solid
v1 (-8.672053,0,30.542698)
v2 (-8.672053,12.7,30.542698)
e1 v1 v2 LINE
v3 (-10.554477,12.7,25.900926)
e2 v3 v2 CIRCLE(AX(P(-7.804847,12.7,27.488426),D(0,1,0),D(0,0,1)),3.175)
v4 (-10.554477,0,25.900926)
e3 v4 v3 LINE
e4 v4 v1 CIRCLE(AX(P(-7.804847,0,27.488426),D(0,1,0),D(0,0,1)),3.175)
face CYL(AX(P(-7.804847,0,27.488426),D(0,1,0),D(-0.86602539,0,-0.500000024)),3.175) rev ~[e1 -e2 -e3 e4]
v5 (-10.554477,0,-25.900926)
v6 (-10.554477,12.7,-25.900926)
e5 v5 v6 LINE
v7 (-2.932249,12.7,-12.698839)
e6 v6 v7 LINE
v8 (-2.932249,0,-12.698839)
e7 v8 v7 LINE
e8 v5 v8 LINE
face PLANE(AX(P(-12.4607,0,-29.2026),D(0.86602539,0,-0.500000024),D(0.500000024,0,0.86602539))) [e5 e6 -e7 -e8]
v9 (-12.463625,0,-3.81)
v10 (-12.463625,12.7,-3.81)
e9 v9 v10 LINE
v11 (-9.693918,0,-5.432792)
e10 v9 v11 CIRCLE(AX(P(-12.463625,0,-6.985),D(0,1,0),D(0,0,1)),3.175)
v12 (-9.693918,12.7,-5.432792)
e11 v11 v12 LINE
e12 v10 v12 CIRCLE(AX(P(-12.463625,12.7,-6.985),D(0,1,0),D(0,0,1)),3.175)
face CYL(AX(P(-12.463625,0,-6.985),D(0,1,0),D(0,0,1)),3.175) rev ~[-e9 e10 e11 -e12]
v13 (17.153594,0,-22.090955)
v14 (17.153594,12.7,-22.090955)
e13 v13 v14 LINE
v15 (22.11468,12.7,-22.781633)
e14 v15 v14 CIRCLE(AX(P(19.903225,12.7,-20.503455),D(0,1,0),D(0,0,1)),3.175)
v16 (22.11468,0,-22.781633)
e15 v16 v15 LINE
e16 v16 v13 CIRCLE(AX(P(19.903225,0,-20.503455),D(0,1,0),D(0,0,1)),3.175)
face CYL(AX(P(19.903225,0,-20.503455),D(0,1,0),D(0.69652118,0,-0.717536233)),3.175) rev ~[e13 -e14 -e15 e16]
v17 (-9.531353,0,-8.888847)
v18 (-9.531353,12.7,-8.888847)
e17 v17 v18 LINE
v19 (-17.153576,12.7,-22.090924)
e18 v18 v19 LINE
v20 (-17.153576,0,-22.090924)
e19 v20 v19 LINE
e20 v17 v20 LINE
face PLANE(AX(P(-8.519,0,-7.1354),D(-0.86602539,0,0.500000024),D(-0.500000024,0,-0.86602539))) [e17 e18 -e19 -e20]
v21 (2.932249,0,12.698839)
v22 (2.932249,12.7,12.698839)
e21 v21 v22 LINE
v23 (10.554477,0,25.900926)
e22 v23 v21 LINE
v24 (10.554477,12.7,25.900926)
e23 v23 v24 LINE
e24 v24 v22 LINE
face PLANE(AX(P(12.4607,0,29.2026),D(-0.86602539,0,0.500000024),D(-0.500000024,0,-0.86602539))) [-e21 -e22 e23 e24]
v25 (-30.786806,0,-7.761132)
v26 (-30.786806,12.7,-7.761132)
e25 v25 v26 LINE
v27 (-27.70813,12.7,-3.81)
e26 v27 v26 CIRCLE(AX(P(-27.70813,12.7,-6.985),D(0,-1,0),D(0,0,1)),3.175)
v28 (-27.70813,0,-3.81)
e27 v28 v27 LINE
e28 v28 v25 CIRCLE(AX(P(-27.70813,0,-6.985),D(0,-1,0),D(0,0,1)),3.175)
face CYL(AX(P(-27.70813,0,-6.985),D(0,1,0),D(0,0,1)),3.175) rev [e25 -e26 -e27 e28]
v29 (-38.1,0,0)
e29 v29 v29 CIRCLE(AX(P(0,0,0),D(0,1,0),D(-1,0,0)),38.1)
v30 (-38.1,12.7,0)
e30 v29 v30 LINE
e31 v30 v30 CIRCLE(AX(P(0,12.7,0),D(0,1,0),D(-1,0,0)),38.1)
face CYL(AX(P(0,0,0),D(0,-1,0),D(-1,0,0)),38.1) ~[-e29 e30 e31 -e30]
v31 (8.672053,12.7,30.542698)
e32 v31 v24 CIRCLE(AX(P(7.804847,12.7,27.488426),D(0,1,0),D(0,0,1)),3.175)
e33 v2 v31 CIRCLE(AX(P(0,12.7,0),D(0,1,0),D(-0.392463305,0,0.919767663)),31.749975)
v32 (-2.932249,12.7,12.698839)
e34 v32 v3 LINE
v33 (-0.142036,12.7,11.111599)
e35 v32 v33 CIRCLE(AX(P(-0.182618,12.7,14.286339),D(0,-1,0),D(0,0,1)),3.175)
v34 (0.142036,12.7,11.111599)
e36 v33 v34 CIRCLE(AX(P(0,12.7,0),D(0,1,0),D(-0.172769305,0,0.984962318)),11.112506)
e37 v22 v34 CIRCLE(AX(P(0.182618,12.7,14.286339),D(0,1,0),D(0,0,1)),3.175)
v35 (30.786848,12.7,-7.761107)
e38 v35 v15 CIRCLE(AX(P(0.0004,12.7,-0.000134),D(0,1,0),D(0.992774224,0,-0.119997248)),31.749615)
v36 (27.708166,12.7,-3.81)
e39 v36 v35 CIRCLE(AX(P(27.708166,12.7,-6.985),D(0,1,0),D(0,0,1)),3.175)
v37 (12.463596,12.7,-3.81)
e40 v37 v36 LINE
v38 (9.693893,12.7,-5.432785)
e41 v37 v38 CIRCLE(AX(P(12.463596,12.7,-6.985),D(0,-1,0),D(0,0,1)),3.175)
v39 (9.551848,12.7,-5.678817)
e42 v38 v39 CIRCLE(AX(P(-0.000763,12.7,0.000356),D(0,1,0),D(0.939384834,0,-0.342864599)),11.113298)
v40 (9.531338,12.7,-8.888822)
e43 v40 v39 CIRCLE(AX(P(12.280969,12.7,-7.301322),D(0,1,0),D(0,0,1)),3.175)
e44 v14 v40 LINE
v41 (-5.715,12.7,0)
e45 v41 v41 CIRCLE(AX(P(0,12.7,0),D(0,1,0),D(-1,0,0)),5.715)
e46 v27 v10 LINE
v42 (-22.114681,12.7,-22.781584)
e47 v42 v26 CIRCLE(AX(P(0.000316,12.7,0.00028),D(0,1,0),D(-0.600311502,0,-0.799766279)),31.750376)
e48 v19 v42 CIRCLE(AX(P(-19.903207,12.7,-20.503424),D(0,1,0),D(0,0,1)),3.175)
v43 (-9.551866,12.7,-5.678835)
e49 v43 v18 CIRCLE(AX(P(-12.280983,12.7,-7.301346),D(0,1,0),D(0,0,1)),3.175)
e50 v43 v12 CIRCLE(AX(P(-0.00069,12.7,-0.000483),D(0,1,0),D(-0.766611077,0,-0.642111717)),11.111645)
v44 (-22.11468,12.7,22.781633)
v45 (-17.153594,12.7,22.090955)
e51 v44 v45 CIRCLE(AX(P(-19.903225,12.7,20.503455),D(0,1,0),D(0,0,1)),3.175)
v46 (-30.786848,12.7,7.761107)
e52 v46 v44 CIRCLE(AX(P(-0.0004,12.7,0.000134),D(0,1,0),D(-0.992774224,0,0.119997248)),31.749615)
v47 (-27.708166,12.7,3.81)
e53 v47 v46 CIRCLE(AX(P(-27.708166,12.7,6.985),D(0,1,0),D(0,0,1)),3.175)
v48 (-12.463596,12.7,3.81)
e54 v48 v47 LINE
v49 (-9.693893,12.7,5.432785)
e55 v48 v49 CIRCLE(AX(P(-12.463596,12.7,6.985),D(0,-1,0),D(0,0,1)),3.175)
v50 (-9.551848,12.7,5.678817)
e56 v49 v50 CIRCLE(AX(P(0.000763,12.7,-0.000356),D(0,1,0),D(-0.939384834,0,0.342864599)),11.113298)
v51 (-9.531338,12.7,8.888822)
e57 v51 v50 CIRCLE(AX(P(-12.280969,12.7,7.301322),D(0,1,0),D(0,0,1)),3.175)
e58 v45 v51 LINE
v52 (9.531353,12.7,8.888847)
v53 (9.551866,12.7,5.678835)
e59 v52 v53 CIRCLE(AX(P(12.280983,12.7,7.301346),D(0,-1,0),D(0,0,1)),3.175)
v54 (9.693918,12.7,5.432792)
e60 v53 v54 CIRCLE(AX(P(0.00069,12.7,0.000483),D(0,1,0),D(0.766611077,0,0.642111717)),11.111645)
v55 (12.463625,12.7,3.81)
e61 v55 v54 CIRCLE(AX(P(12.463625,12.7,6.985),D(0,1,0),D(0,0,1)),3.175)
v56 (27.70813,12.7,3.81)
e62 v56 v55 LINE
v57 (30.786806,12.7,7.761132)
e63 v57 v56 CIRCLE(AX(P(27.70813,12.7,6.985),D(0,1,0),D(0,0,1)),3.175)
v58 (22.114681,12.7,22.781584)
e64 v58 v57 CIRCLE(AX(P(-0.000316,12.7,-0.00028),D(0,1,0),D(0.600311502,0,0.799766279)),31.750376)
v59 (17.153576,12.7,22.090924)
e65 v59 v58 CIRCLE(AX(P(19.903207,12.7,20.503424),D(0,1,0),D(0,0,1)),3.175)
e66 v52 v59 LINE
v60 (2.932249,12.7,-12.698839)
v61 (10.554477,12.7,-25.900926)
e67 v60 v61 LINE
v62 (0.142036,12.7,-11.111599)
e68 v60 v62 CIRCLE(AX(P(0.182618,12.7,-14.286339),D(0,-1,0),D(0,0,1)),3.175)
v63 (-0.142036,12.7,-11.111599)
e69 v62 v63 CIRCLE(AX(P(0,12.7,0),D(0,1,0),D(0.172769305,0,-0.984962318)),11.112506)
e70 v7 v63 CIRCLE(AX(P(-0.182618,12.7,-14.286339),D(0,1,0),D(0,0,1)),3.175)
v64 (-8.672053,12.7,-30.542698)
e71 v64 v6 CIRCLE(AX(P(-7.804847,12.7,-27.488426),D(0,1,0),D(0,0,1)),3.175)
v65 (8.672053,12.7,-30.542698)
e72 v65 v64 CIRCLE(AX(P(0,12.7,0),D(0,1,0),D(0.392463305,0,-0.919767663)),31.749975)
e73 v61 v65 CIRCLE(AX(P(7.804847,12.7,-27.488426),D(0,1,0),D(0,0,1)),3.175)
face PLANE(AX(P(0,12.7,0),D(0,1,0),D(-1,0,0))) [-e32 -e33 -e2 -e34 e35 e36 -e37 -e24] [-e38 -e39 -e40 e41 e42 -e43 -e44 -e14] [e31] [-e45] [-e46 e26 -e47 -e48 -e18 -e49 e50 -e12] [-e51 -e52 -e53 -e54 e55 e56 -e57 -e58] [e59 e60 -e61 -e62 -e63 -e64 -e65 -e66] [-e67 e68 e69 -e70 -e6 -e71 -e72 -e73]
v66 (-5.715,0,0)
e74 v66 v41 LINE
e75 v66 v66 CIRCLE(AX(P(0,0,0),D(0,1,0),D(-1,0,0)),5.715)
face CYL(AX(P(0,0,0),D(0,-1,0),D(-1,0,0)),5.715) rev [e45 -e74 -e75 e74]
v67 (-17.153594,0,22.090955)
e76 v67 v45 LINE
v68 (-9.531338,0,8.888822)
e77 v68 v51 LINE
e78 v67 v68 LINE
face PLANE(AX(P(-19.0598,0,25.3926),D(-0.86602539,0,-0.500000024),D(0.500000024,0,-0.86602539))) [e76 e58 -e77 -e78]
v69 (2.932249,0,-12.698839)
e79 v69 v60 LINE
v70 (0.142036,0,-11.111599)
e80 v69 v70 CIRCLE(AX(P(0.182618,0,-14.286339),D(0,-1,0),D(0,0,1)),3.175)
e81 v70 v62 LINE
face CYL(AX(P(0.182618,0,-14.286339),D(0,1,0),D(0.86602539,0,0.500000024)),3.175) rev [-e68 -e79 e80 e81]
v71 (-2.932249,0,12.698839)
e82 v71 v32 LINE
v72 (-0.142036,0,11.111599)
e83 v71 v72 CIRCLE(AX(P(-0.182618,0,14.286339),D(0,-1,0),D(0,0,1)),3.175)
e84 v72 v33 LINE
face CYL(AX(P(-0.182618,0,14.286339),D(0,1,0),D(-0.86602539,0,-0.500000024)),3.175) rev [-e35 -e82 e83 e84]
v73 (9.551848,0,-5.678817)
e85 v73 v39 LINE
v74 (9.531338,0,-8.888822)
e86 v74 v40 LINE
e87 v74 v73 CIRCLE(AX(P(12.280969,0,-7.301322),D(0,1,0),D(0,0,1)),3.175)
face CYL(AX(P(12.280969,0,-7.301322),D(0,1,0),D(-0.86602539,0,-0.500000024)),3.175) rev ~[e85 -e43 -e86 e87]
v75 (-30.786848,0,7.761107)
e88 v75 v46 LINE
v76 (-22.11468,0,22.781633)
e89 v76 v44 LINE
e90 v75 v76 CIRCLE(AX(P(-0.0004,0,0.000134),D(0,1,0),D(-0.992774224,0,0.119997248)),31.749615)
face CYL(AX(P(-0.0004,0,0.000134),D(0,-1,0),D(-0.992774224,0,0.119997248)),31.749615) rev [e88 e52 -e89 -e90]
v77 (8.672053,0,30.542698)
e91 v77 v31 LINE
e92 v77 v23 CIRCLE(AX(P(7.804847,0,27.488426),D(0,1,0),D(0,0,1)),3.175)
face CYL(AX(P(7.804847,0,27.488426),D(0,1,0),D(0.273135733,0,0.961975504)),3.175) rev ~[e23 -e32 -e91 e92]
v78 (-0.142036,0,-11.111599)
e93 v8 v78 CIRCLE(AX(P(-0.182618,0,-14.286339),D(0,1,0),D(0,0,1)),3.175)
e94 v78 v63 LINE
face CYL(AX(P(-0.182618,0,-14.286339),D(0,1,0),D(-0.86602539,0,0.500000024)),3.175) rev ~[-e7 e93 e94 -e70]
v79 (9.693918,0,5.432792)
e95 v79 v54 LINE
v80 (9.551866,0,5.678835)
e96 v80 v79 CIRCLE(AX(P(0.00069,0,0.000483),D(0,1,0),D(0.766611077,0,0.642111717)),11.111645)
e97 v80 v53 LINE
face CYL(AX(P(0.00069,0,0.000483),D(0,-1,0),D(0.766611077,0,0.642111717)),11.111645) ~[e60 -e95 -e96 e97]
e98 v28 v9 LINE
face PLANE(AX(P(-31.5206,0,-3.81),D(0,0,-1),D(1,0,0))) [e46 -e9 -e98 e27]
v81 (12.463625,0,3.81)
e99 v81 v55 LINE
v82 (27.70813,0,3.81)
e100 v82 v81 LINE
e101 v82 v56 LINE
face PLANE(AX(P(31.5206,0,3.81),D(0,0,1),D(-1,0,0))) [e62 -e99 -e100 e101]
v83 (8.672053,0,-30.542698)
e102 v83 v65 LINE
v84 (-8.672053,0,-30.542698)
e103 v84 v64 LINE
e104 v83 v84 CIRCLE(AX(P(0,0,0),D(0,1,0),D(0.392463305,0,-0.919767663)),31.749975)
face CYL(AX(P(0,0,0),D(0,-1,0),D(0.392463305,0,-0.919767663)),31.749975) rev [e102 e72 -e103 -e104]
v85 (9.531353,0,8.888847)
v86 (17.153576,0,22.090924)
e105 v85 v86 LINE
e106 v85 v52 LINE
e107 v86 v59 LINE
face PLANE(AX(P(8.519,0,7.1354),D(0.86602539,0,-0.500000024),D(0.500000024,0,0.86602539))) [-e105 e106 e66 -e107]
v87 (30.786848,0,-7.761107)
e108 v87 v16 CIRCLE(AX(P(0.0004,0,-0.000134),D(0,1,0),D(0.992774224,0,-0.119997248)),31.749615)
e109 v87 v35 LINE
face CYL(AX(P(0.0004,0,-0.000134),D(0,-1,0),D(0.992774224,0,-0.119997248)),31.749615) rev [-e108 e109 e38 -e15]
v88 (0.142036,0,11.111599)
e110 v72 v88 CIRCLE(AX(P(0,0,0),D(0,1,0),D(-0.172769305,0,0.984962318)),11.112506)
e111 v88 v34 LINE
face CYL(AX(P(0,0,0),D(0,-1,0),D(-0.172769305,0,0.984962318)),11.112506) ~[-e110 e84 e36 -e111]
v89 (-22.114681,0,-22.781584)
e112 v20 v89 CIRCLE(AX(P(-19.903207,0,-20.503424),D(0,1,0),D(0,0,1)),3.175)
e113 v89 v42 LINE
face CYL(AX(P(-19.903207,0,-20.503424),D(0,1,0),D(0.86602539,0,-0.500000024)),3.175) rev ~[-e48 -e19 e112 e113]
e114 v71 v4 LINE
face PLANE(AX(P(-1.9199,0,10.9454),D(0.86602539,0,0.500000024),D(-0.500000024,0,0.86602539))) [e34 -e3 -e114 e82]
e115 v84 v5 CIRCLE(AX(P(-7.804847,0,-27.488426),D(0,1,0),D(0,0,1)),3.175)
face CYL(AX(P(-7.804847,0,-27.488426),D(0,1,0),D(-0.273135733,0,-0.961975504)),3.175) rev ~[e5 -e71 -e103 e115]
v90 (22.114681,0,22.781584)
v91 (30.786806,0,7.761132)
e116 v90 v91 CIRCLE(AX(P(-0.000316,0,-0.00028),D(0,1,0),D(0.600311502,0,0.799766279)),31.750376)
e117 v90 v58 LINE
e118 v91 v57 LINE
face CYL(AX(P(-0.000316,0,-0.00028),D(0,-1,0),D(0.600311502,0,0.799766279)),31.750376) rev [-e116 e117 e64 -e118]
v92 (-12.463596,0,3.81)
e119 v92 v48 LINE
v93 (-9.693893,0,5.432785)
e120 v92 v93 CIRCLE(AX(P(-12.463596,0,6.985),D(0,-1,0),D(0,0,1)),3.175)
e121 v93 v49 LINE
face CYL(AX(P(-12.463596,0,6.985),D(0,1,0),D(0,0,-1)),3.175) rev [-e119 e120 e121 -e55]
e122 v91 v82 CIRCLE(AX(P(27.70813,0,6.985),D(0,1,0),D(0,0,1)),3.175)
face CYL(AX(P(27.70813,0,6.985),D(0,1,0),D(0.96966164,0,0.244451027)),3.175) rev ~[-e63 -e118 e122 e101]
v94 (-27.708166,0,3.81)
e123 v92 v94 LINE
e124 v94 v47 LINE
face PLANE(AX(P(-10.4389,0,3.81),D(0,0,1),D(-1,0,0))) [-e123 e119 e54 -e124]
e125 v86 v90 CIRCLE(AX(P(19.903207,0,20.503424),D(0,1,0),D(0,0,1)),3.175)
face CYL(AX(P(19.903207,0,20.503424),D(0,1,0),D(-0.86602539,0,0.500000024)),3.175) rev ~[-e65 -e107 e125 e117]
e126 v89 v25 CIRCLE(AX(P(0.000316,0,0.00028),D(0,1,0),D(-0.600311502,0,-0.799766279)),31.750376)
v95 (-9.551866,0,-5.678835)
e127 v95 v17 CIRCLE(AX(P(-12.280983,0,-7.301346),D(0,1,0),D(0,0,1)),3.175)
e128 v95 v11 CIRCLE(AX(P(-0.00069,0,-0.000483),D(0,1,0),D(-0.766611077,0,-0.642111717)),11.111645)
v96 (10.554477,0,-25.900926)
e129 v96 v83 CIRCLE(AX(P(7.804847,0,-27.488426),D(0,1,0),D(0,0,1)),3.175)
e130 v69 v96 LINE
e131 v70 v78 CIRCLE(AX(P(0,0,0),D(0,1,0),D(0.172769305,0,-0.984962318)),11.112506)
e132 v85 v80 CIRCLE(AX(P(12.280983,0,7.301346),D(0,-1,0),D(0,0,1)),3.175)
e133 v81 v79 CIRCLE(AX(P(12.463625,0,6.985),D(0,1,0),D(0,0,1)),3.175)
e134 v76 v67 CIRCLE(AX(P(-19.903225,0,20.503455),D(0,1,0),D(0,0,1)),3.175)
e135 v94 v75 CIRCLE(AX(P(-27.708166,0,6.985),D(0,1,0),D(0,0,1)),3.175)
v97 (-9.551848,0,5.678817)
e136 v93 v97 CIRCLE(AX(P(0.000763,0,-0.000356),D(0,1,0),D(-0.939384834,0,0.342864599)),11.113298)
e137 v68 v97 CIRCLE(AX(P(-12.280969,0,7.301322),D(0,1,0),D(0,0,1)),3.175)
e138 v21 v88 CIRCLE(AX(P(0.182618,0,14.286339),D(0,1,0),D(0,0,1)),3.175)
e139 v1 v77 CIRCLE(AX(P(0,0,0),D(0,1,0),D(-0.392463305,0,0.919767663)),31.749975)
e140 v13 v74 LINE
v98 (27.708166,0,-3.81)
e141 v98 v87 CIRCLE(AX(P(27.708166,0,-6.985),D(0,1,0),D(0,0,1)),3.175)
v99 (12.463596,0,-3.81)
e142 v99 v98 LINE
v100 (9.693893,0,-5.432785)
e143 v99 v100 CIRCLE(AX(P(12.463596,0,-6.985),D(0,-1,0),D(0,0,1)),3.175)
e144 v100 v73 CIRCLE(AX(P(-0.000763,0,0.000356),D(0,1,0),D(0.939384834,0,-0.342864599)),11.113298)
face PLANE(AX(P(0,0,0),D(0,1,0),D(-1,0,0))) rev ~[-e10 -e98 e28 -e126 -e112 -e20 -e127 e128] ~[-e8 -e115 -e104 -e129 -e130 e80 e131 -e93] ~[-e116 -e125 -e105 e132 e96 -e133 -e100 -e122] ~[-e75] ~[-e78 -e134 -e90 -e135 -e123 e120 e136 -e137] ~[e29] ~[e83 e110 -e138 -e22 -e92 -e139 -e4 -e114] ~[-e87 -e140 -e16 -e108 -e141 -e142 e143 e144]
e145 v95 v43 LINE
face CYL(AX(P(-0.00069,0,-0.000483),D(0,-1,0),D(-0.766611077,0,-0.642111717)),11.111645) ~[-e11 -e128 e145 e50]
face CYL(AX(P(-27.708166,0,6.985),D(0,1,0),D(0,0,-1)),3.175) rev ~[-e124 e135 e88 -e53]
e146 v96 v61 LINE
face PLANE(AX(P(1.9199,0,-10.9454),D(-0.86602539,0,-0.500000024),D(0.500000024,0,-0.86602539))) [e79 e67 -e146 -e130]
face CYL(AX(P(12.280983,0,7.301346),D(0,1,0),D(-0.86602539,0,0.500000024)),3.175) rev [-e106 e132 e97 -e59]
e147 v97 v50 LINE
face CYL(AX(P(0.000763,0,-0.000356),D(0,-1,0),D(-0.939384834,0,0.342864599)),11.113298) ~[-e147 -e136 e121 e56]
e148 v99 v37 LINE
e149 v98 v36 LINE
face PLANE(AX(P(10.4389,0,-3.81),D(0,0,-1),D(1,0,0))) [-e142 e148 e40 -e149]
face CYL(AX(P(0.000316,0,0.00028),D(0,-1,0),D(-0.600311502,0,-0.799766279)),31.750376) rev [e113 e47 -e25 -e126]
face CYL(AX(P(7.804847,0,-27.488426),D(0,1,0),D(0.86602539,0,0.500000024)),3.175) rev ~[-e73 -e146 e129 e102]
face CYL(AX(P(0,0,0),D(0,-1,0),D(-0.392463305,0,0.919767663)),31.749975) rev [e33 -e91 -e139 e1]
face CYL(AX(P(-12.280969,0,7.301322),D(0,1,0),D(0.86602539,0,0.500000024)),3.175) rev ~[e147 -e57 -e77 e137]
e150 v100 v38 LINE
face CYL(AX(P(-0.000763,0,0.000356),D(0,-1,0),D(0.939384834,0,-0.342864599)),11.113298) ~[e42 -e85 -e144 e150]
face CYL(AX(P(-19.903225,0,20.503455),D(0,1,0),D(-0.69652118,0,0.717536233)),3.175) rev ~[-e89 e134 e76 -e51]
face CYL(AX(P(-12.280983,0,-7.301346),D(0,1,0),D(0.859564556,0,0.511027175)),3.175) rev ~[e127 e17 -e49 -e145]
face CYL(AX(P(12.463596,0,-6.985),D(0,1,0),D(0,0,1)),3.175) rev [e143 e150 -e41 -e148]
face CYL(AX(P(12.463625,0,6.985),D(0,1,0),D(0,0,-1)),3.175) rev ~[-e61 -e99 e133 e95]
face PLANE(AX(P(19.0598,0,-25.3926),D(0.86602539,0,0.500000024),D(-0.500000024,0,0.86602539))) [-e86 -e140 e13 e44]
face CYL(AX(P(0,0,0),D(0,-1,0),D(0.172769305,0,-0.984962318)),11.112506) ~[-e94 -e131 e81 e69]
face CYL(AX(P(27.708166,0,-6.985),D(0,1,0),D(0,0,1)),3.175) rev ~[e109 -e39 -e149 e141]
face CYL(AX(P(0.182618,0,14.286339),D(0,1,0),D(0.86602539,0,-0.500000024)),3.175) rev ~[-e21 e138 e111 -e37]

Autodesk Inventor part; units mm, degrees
ref_plane "YZ Plane" through (0, 0, 0) normal (1, 0, 0) x (0, 1, 0)
ref_plane "XZ Plane" through (0, 0, 0) normal (0, 1, 0) x (-1, 0, 0)
ref_plane "XY Plane" through (0, 0, 0) normal (0, 0, 1) x (1, 0, 0)
sketch "Sketch1" plane through (0, 0, 0) normal (0, 1, 0) x (-1, 0, 0)
  circle A0 centre (0, 0) radius 38.1
  circle A1 centre (0, 0) radius 5.715
  line L0 (10.4389, 3.81) -> (31.5206, 3.81)
  line L1 (31.5206, -3.81) -> (10.4389, -3.81)
  line L2 (1.9199, 10.9454) -> (12.4607, 29.2026)
  line L3 (19.0598, 25.3926) -> (8.519, 7.1354)
  line L4 (-8.519, 7.1354) -> (-19.0598, 25.3926)
  line L5 (-12.4607, 29.2026) -> (-1.9199, 10.9454)
  line L6 (-10.4389, -3.81) -> (-31.5206, -3.81)
  line L7 (-31.5206, 3.81) -> (-10.4389, 3.81)
  line L8 (-1.9199, -10.9454) -> (-12.4607, -29.2026)
  line L9 (-19.0598, -25.3926) -> (-8.519, -7.1354)
  line L10 (8.519, -7.1354) -> (19.0598, -25.3926)
  line L11 (12.4607, -29.2026) -> (1.9199, -10.9454)
  arc A2 (10.4389, 3.81) -> (8.519, 7.1354) centre (0, 0) ccw
  arc A3 (1.9199, 10.9454) -> (-1.9199, 10.9454) centre (0, 0) ccw
  arc A4 (-8.519, 7.1354) -> (-10.4389, 3.81) centre (0, 0) ccw
  arc A5 (-10.4389, -3.81) -> (-8.519, -7.1354) centre (0, 0) ccw
  arc A6 (-1.9199, -10.9454) -> (1.9199, -10.9454) centre (0, 0) ccw
  arc A7 (8.519, -7.1354) -> (10.4389, -3.81) centre (0, 0) ccw
  arc A8 (19.0598, -25.3926) -> (31.5206, -3.81) centre (0, 0) ccw
  arc A9 (31.5206, 3.81) -> (19.0598, 25.3926) centre (0, 0) ccw
  arc A10 (12.4607, 29.2026) -> (-12.4607, 29.2026) centre (0, 0) ccw
  arc A11 (-19.0598, 25.3926) -> (-31.5206, 3.81) centre (0, 0) ccw
  arc A12 (-31.5206, -3.81) -> (-19.0598, -25.3926) centre (0, 0) ccw
  arc A13 (-12.4607, -29.2026) -> (12.4607, -29.2026) centre (0, 0) ccw
  dimension "d0" = 76.2
  dimension "d1" = 11.43
  dimension "d4" = 3.81
  dimension "d5" = 3.81
  dimension "d8" = 360
  dimension "d10" = 31.75
  dimension "d11" = 11.1125
extrude "Extrusion1" add sketch "Sketch1" along normal blind 12.7
fillet "Fillet1" radius 3.175 24 edges at (-19.0598, 6.35, 25.3926) (-12.4607, 6.35, 29.2026) (12.4607, 6.35, 29.2026) (19.0598, 6.35, 25.3926) (31.5206, 6.35, 3.81) (31.5206, 6.35, -3.81) (19.0598, 6.35, -25.3926) (12.4607, 6.35, -29.2026) (-12.4607, 6.35, -29.2026) (-19.0598, 6.35, -25.3926) (-31.5206, 6.35, -3.81) (-31.5206, 6.35, 3.81) (-8.519, 6.35, 7.1354) (-8.519, 6.35, -7.1354) (-10.4389, 6.35, -3.81) (-10.4389, 6.35, 3.81) (-1.9199, 6.35, 10.9454) (1.9199, 6.35, 10.9454) (8.519, 6.35, 7.1354) (10.4389, 6.35, 3.81) (10.4389, 6.35, -3.81) (8.519, 6.35, -7.1354) (1.9199, 6.35, -10.9454) (-1.9199, 6.35, -10.9454)
properties part number "3in flex"
